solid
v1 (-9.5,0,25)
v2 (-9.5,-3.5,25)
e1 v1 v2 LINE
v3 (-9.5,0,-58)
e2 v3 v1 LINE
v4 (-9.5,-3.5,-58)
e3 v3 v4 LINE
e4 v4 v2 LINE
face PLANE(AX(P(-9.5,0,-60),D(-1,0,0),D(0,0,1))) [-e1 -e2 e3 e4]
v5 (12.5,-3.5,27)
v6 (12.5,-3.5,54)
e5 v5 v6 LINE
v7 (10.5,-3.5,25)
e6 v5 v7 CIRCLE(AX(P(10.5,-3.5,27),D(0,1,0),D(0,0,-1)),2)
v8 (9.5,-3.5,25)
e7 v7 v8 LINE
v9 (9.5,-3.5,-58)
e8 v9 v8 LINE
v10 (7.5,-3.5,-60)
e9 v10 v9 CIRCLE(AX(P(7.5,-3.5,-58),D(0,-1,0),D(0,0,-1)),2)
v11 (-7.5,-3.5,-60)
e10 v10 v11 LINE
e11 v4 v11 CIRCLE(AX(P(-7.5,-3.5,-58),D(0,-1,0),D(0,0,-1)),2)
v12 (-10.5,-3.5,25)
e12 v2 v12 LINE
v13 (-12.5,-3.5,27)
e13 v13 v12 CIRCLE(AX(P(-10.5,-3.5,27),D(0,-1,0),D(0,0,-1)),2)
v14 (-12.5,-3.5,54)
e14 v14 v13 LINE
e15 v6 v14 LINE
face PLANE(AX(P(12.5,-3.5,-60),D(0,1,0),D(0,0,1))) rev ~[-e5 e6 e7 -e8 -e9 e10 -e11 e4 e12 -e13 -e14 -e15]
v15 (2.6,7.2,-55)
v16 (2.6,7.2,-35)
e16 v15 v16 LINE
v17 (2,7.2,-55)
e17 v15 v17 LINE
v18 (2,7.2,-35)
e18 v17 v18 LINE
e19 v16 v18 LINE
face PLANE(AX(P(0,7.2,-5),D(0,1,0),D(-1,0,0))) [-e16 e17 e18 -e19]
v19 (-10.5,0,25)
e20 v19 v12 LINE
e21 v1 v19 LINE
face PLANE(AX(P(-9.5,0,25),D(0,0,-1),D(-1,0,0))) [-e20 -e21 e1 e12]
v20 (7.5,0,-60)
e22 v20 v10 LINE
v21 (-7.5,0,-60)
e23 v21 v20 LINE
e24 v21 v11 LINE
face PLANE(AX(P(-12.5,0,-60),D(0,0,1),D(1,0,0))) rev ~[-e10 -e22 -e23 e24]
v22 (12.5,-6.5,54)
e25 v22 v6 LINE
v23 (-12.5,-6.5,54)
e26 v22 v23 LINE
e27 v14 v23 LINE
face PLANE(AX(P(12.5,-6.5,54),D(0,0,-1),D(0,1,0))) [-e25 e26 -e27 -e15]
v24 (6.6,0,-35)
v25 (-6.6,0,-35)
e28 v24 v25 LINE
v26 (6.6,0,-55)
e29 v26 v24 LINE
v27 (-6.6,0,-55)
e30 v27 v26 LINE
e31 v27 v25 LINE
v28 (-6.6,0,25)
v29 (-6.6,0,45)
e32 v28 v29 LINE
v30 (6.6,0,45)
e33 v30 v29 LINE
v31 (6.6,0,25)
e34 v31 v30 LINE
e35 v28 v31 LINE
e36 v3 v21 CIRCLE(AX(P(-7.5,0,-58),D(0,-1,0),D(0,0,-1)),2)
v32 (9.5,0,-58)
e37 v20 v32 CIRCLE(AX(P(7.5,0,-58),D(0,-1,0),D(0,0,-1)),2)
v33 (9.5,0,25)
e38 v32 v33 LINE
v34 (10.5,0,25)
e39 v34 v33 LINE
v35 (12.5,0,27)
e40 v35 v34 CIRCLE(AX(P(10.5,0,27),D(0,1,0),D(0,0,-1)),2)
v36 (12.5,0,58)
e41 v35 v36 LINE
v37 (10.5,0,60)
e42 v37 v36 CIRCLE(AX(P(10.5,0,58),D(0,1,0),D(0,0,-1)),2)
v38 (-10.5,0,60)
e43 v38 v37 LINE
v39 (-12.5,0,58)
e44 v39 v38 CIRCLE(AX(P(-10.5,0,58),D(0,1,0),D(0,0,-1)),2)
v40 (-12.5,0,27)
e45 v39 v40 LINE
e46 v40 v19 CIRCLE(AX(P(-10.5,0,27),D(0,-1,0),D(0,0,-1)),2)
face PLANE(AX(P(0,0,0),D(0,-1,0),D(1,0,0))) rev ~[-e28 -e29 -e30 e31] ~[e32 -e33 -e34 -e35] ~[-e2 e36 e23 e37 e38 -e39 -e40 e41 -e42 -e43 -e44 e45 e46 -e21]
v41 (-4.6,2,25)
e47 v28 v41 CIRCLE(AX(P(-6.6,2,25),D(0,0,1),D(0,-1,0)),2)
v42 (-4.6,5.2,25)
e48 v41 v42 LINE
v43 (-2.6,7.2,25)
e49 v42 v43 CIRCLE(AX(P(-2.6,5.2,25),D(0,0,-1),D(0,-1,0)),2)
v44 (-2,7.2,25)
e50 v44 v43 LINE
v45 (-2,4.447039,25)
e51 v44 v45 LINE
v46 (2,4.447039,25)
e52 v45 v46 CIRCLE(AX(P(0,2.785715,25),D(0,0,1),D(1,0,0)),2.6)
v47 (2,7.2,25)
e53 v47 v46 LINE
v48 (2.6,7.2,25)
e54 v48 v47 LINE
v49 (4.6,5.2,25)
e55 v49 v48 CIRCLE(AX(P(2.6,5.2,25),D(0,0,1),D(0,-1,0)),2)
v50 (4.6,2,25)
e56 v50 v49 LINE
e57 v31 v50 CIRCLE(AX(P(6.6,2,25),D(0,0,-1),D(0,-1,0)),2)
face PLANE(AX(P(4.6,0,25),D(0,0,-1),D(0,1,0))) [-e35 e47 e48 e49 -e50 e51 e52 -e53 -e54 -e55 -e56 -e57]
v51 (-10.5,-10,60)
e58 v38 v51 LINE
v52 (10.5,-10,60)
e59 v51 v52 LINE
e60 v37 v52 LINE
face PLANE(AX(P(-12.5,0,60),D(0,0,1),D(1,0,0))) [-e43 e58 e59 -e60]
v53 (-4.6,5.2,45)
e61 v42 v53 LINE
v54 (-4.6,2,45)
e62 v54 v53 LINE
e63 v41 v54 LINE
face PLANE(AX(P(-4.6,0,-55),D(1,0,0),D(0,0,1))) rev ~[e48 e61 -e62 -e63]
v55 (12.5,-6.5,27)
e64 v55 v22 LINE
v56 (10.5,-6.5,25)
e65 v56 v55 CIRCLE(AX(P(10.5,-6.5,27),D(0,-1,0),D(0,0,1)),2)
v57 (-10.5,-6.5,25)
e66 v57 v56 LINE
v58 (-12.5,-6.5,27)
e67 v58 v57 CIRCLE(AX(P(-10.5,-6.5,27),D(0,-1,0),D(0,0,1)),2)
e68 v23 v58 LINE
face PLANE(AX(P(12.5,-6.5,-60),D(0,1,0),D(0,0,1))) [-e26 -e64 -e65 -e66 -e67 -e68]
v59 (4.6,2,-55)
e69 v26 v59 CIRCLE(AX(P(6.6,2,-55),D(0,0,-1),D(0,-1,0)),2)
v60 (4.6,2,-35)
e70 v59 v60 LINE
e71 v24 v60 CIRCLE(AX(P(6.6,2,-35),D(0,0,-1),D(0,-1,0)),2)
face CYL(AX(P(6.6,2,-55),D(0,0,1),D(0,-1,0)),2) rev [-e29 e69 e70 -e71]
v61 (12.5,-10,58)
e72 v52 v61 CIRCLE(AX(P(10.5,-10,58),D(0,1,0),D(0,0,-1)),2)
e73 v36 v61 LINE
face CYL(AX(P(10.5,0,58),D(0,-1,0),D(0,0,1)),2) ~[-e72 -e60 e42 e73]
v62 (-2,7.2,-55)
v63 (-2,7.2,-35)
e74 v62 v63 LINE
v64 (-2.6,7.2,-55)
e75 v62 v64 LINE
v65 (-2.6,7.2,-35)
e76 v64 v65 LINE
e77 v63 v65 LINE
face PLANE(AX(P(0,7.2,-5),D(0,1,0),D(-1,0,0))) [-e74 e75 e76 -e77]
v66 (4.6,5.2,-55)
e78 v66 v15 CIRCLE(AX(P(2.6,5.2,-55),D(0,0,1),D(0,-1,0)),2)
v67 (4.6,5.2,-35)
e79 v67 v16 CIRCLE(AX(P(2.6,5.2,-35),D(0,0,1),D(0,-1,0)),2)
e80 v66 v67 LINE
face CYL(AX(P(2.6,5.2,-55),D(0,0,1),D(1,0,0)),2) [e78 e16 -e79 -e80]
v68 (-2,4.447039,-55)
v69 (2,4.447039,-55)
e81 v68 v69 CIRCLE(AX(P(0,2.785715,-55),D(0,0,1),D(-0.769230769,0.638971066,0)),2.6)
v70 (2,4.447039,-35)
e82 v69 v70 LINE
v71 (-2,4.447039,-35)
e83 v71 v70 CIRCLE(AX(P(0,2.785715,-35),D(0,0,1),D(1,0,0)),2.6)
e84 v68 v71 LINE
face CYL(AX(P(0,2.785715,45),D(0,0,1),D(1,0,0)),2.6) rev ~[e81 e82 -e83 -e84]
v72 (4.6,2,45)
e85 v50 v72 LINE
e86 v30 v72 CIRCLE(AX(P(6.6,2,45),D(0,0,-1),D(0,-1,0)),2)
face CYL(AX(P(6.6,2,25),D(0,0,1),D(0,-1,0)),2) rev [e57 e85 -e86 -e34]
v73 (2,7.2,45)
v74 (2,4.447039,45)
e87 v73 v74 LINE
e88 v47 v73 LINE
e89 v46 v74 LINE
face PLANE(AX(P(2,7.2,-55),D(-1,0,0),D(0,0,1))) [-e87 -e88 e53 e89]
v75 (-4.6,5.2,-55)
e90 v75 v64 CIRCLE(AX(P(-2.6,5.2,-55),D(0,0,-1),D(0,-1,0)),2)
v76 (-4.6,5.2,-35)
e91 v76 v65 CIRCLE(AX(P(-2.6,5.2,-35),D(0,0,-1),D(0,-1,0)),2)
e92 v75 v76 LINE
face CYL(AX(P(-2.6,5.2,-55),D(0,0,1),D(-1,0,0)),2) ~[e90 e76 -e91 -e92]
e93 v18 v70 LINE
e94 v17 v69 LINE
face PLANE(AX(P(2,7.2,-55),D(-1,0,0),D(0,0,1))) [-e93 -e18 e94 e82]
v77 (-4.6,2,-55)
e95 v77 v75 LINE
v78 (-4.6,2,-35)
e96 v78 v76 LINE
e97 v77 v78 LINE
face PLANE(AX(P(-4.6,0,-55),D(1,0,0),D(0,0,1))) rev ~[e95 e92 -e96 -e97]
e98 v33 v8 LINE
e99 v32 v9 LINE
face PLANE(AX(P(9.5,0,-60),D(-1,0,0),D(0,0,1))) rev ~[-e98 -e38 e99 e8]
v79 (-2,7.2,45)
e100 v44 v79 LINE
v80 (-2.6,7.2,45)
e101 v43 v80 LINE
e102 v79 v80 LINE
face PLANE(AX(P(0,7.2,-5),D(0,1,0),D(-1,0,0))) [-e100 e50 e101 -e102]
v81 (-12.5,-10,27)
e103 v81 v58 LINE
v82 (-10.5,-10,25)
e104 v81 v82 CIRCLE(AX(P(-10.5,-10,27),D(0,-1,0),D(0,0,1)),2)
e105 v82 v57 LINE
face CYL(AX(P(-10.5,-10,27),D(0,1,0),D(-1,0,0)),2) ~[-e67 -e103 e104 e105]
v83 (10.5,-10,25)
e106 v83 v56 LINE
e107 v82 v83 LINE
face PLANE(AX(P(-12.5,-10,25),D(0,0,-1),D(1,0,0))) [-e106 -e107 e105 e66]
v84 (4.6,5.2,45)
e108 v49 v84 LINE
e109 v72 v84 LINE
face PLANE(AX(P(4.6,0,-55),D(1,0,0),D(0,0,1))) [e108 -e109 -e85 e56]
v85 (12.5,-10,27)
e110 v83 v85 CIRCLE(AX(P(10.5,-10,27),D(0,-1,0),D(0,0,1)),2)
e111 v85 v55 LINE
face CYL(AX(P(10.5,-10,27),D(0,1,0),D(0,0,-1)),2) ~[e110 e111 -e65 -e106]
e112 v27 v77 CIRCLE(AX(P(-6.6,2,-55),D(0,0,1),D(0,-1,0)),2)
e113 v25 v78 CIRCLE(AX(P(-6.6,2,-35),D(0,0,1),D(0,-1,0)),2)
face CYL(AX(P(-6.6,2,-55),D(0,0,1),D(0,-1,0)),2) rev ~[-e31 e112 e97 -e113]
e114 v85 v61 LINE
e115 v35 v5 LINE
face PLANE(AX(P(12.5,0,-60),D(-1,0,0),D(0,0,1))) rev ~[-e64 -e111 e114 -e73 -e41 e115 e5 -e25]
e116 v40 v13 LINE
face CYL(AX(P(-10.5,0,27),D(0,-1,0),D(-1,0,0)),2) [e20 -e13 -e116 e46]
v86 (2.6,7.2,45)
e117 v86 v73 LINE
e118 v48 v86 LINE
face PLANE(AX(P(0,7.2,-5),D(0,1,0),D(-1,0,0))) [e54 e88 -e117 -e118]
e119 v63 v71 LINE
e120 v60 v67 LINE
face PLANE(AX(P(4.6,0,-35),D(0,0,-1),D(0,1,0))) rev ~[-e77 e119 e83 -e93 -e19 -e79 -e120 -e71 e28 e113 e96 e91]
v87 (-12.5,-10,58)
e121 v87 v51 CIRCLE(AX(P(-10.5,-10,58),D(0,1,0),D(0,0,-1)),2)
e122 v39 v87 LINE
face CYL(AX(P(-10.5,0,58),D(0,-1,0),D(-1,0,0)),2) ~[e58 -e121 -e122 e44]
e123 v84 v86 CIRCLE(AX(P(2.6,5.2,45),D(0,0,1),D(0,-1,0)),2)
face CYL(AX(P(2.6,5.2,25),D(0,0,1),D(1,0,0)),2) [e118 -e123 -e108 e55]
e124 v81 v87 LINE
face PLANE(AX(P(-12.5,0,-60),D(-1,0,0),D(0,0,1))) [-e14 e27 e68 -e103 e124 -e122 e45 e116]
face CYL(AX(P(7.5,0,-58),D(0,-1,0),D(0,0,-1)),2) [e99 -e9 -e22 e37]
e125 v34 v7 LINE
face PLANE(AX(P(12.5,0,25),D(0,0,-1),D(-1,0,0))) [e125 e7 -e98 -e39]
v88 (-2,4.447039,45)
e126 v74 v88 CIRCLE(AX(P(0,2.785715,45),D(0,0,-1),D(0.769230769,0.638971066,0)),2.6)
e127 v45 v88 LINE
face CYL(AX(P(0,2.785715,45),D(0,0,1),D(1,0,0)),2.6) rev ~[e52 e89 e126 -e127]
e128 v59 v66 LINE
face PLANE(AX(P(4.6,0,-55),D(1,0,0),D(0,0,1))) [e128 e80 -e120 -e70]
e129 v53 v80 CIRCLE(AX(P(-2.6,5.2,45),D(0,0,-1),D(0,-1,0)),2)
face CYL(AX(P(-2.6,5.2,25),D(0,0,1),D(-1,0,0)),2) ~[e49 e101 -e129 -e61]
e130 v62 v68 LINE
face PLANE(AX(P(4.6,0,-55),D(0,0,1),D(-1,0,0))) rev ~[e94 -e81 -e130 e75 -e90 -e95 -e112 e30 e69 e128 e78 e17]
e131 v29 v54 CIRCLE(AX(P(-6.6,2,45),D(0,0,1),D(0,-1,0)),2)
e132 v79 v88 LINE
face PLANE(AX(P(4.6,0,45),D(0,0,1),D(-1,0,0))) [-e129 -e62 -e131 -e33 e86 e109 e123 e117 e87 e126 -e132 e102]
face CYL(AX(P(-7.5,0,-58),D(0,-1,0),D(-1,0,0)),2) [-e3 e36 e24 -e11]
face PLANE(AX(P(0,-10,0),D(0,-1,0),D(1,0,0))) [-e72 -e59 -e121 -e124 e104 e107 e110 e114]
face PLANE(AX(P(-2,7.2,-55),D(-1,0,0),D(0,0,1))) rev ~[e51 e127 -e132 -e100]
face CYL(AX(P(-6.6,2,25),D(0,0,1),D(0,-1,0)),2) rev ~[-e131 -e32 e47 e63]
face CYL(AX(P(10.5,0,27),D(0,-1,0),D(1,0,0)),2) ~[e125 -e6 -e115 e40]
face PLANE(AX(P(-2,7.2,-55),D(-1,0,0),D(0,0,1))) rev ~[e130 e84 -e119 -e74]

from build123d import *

# Parameters (mm, degrees)
F0_W      = 25
F0_H      = 120
F1_DEPTH  = 10
F3_W      = 3
F3_H      = 114
F4_DEPTH  = 25.001
F5_W      = 9.2
F5_H      = 100
F6_DEPTH  = 7.2
F7_R      = 2.6
F8_DEPTH  = 105.001
F9_W      = 4
F9_H      = 100
F10_DEPTH = 3
F11_W     = 7.2
F11_H     = 60
F12_DEPTH = 17.101
F13_W     = 25
F13_H     = 85
F14_DEPTH = 3.5
F15_W     = 3
F15_H     = 85
F16_DEPTH = 3.5
F17_R     = 2


with BuildPart() as f1:
    # F0 (on Front) → F1 (new body)
    with BuildSketch(Plane.XZ):
        Rectangle(F0_W, F0_H)
    extrude(amount=F1_DEPTH)

    # F3 (on face) → F4 (cut, through all)
    with BuildSketch(Plane.YZ.offset(12.5)):
        with Locations((-5, -3)):
            Rectangle(F3_W, F3_H)
    extrude(amount=-F4_DEPTH, mode=Mode.SUBTRACT)

    # F5 (on face) → F6 (join)
    with BuildSketch(Plane(origin=(0, 0, 0), x_dir=(-1, 0, 0), z_dir=(0, 1, 0))):
        with Locations((0, -5)):
            Rectangle(F5_W, F5_H)
    extrude(amount=F6_DEPTH)

    # F7 (on face) → F8 (cut, through all)
    with BuildSketch(Plane.XY.offset(45)):
        with Locations((0, 2.785714576)):
            Circle(F7_R)
    extrude(amount=-F8_DEPTH, mode=Mode.SUBTRACT)

    # F9 (on face) → F10 (cut)
    with BuildSketch(Plane(origin=(0, 7.2, 0), x_dir=(-1, 0, 0), z_dir=(0, 1, 0))):
        with Locations((0, -5)):
            Rectangle(F9_W, F9_H)
    extrude(amount=-F10_DEPTH, mode=Mode.SUBTRACT)

    # F11 (on face) → F12 (cut, through all)
    with BuildSketch(Plane.YZ.offset(4.6)):
        with Locations((3.6, -5)):
            Rectangle(F11_W, F11_H)
    extrude(amount=-F12_DEPTH, mode=Mode.SUBTRACT)

    # F13 (on face) → F14 (cut, through all)
    with BuildSketch(Plane.XZ.offset(10)):
        with Locations((0, -17.5)):
            Rectangle(F13_W, F13_H)
    extrude(amount=-F14_DEPTH, mode=Mode.SUBTRACT)

    # F15 (on face) → F16 (cut, through all)
    with BuildSketch(Plane(origin=(0, 0, 0), x_dir=(-1, 0, 0), z_dir=(0, 1, 0))):
        with Locations((-11, -17.5)):
            Rectangle(F15_W, F15_H)
        with Locations((11, -17.5)):
            Rectangle(F15_W, F15_H)
    extrude(amount=-F16_DEPTH, mode=Mode.SUBTRACT)

    # F17
    f17_edges = [f1.edges().sort_by_distance(p)[0] for p in [
        (-12.5, -8.25, 25),
        (-12.5, -1.75, 25),
        (12.5, -1.75, 25),
        (12.5, -8.25, 25),
        (-12.5, -5, 60),
        (12.5, -5, 60),
        (-9.5, -1.75, -60),
        (9.5, -1.75, -60),
        (-4.6, 7.2, 35),
        (4.6, 7.2, 35),
        (-4.6, 0, 35),
        (4.6, 0, 35),
        (-4.6, 7.2, -45),
        (4.6, 7.2, -45),
        (-4.6, 0, -45),
        (4.6, 0, -45),
    ]]
    fillet(f17_edges, radius=F17_R)


solid = f1.part
